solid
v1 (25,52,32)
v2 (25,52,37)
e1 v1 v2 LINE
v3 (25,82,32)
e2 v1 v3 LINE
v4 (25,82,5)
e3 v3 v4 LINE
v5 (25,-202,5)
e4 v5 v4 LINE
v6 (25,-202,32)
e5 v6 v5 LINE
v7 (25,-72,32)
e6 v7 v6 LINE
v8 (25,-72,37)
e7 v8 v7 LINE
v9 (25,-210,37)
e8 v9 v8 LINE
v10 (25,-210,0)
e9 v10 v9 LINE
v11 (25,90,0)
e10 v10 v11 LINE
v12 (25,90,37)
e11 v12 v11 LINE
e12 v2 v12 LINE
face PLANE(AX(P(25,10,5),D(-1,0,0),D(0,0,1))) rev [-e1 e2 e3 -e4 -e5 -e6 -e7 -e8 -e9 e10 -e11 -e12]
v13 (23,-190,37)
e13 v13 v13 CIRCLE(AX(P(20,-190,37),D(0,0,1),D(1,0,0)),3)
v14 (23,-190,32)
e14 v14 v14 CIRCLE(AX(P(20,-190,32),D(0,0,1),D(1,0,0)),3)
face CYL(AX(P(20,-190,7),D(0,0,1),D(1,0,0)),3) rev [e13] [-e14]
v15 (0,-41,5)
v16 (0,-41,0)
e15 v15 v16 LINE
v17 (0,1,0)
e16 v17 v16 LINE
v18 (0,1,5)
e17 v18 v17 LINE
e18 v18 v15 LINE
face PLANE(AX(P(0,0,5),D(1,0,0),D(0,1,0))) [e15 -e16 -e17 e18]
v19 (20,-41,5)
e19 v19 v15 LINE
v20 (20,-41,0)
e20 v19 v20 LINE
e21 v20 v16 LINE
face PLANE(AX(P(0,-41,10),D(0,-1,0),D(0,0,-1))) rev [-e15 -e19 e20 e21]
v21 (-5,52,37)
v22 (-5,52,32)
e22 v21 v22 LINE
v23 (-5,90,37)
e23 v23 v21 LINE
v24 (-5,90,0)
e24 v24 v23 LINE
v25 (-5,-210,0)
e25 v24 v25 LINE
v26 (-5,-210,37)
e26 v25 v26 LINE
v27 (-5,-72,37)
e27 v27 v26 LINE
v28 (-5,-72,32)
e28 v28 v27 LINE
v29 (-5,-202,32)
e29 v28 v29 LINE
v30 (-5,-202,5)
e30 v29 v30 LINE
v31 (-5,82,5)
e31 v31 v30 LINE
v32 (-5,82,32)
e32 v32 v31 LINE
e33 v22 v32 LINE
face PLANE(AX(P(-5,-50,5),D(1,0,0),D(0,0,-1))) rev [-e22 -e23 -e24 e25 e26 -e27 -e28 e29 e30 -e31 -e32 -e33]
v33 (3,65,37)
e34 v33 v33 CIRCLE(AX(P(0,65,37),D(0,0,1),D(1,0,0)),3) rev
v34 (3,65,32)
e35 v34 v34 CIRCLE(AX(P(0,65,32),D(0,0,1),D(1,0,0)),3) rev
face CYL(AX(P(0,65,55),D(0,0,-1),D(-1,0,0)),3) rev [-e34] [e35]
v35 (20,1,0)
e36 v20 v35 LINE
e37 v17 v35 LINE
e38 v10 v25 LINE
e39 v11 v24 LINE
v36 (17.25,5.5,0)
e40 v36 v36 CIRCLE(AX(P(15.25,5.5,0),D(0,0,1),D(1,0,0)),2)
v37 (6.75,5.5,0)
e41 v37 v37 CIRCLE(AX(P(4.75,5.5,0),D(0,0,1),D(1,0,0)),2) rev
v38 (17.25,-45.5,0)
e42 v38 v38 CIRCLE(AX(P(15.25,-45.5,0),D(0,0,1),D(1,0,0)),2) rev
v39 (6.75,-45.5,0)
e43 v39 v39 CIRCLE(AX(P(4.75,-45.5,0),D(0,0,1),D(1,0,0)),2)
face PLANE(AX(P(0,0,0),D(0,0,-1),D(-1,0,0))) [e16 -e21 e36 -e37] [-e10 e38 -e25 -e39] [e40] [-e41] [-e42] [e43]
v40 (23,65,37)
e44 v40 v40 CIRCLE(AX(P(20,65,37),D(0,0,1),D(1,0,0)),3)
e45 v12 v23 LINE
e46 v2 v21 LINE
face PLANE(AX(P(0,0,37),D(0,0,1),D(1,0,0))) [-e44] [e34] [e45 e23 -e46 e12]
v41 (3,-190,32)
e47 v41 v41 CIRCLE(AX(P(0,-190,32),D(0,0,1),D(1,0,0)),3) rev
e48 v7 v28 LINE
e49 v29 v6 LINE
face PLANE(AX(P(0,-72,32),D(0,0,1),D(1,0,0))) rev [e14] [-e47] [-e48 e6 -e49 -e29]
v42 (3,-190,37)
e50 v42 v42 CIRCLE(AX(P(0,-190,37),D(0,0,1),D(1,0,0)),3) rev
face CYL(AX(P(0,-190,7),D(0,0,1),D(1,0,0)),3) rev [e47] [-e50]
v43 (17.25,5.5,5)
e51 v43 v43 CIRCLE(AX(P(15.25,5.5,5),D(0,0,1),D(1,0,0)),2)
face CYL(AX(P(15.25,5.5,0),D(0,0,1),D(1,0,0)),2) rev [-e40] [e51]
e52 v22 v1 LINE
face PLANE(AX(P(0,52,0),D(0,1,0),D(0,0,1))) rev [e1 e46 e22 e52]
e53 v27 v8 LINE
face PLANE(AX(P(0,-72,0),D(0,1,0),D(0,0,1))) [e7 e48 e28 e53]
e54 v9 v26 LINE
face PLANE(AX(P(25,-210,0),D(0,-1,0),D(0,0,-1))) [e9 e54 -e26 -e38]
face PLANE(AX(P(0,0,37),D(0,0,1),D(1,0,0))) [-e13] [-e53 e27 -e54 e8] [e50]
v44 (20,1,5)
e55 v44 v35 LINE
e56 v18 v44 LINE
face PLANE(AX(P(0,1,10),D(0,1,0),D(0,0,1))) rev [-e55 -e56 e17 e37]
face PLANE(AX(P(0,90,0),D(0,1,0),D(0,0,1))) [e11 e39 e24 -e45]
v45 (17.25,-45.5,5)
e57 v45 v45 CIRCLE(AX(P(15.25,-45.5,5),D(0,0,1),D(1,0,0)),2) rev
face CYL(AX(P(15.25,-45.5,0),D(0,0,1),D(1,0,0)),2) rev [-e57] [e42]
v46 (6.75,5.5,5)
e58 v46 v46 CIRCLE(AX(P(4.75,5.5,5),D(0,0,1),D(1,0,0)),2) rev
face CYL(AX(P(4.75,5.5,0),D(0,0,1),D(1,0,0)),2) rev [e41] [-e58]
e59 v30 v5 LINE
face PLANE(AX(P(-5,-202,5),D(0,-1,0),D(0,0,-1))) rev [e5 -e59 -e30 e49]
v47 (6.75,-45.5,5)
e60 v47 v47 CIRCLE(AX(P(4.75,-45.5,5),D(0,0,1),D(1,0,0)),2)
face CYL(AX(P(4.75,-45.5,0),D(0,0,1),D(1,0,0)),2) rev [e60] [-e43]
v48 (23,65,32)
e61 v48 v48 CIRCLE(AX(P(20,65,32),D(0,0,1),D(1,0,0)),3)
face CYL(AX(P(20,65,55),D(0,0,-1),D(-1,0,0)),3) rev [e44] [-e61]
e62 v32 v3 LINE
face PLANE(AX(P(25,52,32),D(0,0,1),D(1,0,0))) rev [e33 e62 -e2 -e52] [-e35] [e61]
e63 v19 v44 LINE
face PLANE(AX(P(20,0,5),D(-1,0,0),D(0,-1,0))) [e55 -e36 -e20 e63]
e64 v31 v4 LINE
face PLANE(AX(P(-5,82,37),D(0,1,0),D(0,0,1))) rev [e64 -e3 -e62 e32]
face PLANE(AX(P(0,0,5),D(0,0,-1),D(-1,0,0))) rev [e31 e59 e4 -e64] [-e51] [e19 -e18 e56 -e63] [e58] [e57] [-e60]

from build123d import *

# Parameters (mm, degrees)
SKETCH_2_W          = 30
SKETCH_2_H          = 60
SKETCH_2_W_2        = 20
SKETCH_2_H_2        = 40
EXTRUDE_1_DEPTH     = 5
SKETCH_3_R          = 2
CUT_EXTRUDE_1_DEPTH = 5
EXTRUDE_2_DEPTH     = 5
SKETCH_6_R          = 1.5
CUT_EXTRUDE_2_DEPTH = 5
SKETCH_7_W          = 5
SKETCH_7_H          = 10
CUT_EXTRUDE_3_DEPTH = 100
SKETCH_8_W          = 30
SKETCH_8_H          = 5
EXTRUDE_3_DEPTH     = 80
SKETCH_9_W          = 30
SKETCH_9_H          = 5
EXTRUDE_4_DEPTH     = 60
SKETCH_11_W         = 30
SKETCH_11_H         = 8
EXTRUDE_5_DEPTH     = 32
EXTRUDE_6_DEPTH     = 30
SKETCH_14_W         = 30
SKETCH_14_H         = 5
EXTRUDE_7_DEPTH     = 30
SKETCH_15_W         = 37
SKETCH_15_H         = 100
EXTRUDE_8_DEPTH     = 30
SKETCH_12_R         = 3
CUT_EXTRUDE_5_DEPTH = 50
SKETCH_16_W         = 27
SKETCH_16_H         = 100
CUT_EXTRUDE_6_DEPTH = 30
SKETCH_17_R         = 3
CUT_EXTRUDE_7_DEPTH = 30
SKETCH_18_W         = 20
SKETCH_18_H         = 1
CUT_EXTRUDE_8_DEPTH = 10


with BuildPart() as part:
    # 草图2 → 凸台-拉伸1 (new body)
    with BuildSketch(Plane.XY):
        with Locations((10, -20)):
            Rectangle(SKETCH_2_W, SKETCH_2_H)
        with Locations((10, -20)):
            Rectangle(SKETCH_2_W_2, SKETCH_2_H_2, mode=Mode.SUBTRACT)
    extrude(amount=EXTRUDE_1_DEPTH)

    # 草图3 → 切除-拉伸1 (cut)
    with BuildSketch(Plane.XY.offset(5)):
        with Locations((15.25, 5.5)):
            Circle(SKETCH_3_R)
        with Locations((15.25, -45.5)):
            Circle(SKETCH_3_R)
        with Locations((4.75, -45.5)):
            Circle(SKETCH_3_R)
        with Locations((4.75, 5.5)):
            Circle(SKETCH_3_R)
    extrude(amount=-CUT_EXTRUDE_1_DEPTH, mode=Mode.SUBTRACT)

    # 草图5 → 凸台-拉伸2 (add)
    with BuildSketch(Plane(origin=(25, 0, 0), x_dir=(0, 0, -1), z_dir=(1, 0, 0))):
        with BuildLine():
            Line((-5, -42), (-5, -40))
            Line((-5, -40), (0, -40))
            Line((0, -40), (0, -42))
            ThreePointArc((0, -42), (0.878679656, -44.121320344), (3, -45))
            Line((3, -45), (20, -45))
            Line((20, -45), (20, -50))
            Line((20, -50), (0, -50))
            Line((0, -50), (-5, -50))
            Line((-5, -50), (-25, -50))
            Line((-25, -50), (-25, -45))
            Line((-25, -45), (-8, -45))
            ThreePointArc((-8, -45), (-5.878679656, -44.121320344), (-5, -42))
        make_face()
    extrude_2 = extrude(amount=EXTRUDE_2_DEPTH)

    # 镜向1: 凸台-拉伸2 across plane
    add(extrude_2.mirror(Plane(origin=(10, 0, 0), x_dir=(0, 0, 1), z_dir=(1, 0, 0))))

    # 草图6 → 切除-拉伸2 (cut)
    with BuildSketch(Plane(origin=(0, -45, 0), x_dir=(1, 0, 0), z_dir=(0, 1, 0))):
        with Locations((-7.5, 12.5)):
            Circle(SKETCH_6_R)
        with Locations((-7.5, -17.5)):
            Circle(SKETCH_6_R)
        with Locations((27.5, -17.5)):
            Circle(SKETCH_6_R)
        with Locations((27.5, 12.5)):
            Circle(SKETCH_6_R)
    extrude(amount=-CUT_EXTRUDE_2_DEPTH, mode=Mode.SUBTRACT)

    # 草图7 → 切除-拉伸3 (cut)
    with BuildSketch(Plane.XY.offset(25)):
        with Locations((27.5, -45)):
            Rectangle(SKETCH_7_W, SKETCH_7_H)
        with Locations((-7.5, -45)):
            Rectangle(SKETCH_7_W, SKETCH_7_H)
    extrude(amount=-CUT_EXTRUDE_3_DEPTH, mode=Mode.SUBTRACT)

    # 草图8 → 凸台-拉伸3 (add)
    with BuildSketch(Plane(origin=(0, 10, 0), x_dir=(1, 0, 0), z_dir=(0, 1, 0))):
        with Locations((10, -2.5)):
            Rectangle(SKETCH_8_W, SKETCH_8_H)
    extrude(amount=EXTRUDE_3_DEPTH)

    # 草图9 → 凸台-拉伸4 (add)
    with BuildSketch(Plane.XZ.offset(50)):
        with Locations((10, 2.5)):
            Rectangle(SKETCH_9_W, SKETCH_9_H)
    extrude(amount=EXTRUDE_4_DEPTH)

    # 草图11 → 凸台-拉伸5 (add)
    with BuildSketch(Plane.XY.offset(5)):
        with Locations((10, -106)):
            Rectangle(SKETCH_11_W, SKETCH_11_H)
        with Locations((10, 86)):
            Rectangle(SKETCH_11_W, SKETCH_11_H)
    extrude(amount=EXTRUDE_5_DEPTH)

    # 草图13 → 凸台-拉伸6 (add)
    with BuildSketch(Plane(origin=(0, -102, 0), x_dir=(1, 0, 0), z_dir=(0, 1, 0))):
        Polygon((-5, -37), (25, -37), (25, -34.408335309), (25, -32), (-5, -32), align=None)
    extrude(amount=EXTRUDE_6_DEPTH)

    # 草图14 → 凸台-拉伸7 (add)
    with BuildSketch(Plane.XZ.offset(-82)):
        with Locations((10, 34.5)):
            Rectangle(SKETCH_14_W, SKETCH_14_H)
    extrude(amount=EXTRUDE_7_DEPTH)

    # 草图15 → 凸台-拉伸8 (add)
    with BuildSketch(Plane.ZY.offset(5)):
        with Locations((18.5, -160)):
            Rectangle(SKETCH_15_W, SKETCH_15_H)
    extrude(amount=-EXTRUDE_8_DEPTH)

    # 草图12 → 切除-拉伸5 (cut)
    with BuildSketch(Plane.XY.offset(5)):
        with Locations((0, 65)):
            Circle(SKETCH_12_R)
        with Locations((20, 65)):
            Circle(SKETCH_12_R)
    extrude(amount=CUT_EXTRUDE_5_DEPTH, mode=Mode.SUBTRACT)

    # 草图16 → 切除-拉伸6 (cut)
    with BuildSketch(Plane(origin=(25, 0, 0), x_dir=(0, 0, -1), z_dir=(1, 0, 0))):
        with Locations((-18.5, -152)):
            Rectangle(SKETCH_16_W, SKETCH_16_H)
    extrude(amount=-CUT_EXTRUDE_6_DEPTH, mode=Mode.SUBTRACT)

    # 草图17 → 切除-拉伸7 (cut)
    with BuildSketch(Plane.XY.offset(37)):
        with Locations((20, -190)):
            Circle(SKETCH_17_R)
        with Locations((0, -190)):
            Circle(SKETCH_17_R)
    extrude(amount=-CUT_EXTRUDE_7_DEPTH, mode=Mode.SUBTRACT)

    # 草图18 → 切除-拉伸8 (cut)
    with BuildSketch(Plane(origin=(0, 0, 0), x_dir=(-1, 0, 0), z_dir=(0, 0, -1))):
        with Locations((-10, -40.5)):
            Rectangle(SKETCH_18_W, SKETCH_18_H)
        with Locations((-10, 0.5)):
            Rectangle(SKETCH_18_W, SKETCH_18_H)
    extrude(amount=-CUT_EXTRUDE_8_DEPTH, mode=Mode.SUBTRACT)


solid = part.part
